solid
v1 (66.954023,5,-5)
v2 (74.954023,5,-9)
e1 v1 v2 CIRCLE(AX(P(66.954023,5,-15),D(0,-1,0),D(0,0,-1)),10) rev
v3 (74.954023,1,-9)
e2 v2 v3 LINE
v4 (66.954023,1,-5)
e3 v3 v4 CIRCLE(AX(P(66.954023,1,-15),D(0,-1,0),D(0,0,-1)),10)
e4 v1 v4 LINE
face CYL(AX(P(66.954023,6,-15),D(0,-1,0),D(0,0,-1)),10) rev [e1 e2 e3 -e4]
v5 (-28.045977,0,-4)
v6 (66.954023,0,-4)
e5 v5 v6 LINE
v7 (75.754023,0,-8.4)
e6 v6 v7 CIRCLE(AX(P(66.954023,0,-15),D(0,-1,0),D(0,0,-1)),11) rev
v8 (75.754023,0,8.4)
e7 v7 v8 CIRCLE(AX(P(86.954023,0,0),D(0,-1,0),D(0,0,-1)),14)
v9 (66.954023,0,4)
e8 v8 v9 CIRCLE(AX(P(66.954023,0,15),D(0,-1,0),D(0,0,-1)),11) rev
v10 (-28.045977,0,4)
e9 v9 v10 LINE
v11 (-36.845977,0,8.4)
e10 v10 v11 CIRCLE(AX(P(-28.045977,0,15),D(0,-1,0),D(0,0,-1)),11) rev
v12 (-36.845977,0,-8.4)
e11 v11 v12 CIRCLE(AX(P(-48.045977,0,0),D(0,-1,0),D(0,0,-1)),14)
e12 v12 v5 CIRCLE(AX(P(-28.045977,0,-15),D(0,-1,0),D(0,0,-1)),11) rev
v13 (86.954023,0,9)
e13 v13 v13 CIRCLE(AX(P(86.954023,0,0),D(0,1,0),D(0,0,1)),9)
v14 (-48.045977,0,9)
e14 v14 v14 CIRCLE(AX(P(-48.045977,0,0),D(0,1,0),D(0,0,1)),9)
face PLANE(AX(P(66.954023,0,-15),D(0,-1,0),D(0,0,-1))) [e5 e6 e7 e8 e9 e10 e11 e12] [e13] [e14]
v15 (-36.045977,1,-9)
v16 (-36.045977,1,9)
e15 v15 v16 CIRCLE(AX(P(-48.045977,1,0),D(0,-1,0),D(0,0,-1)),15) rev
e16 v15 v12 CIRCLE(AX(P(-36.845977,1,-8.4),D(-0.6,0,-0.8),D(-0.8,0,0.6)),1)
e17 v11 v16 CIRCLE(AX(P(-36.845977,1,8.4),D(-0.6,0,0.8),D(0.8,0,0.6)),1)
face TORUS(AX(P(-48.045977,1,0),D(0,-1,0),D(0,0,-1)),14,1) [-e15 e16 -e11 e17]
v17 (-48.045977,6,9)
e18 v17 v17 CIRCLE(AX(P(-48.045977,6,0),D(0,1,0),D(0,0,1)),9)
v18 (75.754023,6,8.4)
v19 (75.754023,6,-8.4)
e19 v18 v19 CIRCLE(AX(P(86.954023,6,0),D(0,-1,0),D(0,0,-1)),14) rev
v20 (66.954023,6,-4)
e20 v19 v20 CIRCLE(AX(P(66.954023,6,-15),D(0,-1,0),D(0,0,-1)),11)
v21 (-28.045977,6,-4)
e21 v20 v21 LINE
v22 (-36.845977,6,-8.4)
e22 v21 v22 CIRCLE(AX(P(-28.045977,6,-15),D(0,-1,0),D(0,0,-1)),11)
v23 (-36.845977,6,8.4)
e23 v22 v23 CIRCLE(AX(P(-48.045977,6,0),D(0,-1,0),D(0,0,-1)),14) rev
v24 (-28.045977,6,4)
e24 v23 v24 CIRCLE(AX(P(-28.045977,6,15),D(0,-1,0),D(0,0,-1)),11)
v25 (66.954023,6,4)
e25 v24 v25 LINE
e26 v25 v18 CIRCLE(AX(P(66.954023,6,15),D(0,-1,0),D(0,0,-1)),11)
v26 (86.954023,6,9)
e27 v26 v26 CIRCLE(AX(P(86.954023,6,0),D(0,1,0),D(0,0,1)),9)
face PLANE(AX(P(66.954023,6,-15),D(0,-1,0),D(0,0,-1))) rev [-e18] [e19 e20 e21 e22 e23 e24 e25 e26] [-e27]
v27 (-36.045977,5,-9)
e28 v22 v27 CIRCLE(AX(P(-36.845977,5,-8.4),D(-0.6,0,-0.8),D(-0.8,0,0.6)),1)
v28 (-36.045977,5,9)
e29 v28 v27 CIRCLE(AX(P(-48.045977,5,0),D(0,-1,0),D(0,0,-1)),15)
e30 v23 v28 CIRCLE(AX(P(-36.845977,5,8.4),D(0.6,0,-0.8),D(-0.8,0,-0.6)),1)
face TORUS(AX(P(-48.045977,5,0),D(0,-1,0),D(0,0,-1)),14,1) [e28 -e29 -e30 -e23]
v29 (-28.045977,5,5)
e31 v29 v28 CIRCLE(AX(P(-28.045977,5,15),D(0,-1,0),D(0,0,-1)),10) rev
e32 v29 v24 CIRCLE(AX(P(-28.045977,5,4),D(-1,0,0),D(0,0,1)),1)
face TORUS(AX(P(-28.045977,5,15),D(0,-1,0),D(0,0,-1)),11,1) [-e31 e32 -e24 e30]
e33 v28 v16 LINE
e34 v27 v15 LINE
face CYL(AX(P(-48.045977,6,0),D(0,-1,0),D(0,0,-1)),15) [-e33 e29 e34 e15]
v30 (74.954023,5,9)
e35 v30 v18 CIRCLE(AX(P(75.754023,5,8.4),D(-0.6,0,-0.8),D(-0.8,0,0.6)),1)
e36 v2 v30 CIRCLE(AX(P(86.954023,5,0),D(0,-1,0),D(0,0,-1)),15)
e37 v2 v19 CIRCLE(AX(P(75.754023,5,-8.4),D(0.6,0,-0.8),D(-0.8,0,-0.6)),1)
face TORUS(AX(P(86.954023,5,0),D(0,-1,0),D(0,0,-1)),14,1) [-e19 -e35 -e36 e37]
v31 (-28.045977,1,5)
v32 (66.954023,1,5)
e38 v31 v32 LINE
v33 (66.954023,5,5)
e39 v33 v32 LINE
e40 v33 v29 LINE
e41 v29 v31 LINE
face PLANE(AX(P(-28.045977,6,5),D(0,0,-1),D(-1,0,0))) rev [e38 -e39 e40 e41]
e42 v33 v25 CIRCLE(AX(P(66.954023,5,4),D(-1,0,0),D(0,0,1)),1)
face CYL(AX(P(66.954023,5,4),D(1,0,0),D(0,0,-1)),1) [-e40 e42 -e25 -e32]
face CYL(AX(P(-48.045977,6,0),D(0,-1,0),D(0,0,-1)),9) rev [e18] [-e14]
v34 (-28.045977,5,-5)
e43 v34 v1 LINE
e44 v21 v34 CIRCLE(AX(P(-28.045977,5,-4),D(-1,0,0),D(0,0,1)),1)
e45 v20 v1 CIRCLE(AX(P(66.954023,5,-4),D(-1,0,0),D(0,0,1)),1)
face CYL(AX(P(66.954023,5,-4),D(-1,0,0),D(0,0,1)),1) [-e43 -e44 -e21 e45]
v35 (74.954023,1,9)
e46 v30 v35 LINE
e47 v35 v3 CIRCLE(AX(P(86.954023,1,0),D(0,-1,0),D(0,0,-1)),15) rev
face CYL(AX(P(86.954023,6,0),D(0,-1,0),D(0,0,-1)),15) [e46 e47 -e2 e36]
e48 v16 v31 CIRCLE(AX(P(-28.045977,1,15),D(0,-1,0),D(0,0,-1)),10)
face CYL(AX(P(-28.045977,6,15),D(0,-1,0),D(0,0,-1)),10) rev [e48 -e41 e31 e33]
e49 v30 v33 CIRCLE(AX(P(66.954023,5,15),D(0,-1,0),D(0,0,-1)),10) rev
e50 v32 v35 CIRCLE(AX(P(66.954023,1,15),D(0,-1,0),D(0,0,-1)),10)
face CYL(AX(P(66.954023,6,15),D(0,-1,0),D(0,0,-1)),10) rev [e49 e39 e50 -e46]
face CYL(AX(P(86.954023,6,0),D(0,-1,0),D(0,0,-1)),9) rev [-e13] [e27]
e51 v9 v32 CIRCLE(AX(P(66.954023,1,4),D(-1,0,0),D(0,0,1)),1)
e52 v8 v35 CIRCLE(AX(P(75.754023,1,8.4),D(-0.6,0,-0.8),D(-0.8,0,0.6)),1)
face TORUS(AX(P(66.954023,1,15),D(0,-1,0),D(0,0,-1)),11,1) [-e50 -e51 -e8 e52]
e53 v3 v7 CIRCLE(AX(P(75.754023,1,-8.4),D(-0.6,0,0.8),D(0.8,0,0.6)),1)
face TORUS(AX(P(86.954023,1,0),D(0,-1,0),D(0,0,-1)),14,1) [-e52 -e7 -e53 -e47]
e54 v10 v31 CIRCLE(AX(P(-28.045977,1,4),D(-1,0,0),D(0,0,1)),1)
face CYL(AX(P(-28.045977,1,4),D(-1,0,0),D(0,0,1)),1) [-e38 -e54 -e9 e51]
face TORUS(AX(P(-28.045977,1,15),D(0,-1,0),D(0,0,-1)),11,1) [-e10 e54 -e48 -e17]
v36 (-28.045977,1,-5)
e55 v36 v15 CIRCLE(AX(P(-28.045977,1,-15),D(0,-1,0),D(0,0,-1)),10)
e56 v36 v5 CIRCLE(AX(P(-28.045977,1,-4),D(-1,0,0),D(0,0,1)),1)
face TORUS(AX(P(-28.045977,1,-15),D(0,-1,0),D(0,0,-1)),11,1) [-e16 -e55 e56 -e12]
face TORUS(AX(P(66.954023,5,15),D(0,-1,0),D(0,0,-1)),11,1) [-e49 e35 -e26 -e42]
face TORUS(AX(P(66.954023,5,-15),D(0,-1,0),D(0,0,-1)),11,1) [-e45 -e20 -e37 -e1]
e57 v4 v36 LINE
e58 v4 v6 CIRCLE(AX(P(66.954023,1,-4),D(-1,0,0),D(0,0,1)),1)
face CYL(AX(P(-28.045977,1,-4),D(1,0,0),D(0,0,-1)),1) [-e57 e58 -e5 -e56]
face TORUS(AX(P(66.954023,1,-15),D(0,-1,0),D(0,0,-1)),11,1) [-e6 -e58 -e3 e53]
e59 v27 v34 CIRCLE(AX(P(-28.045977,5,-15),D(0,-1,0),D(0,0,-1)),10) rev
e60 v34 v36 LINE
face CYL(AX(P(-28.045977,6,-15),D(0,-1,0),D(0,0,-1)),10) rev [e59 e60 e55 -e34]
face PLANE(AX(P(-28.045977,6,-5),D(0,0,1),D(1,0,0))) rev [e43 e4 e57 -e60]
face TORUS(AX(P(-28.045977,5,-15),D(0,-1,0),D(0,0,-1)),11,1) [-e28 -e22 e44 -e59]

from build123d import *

# Parameters (mm, degrees)
SKETCH1_R           = 9
BOSS_EXTRUDE1_DEPTH = 6
FILLET1_R           = 1


with BuildPart() as part:
    # Sketch1 → Boss-Extrude1 (new body)
    with BuildSketch(Plane(origin=(0, 0, 0), x_dir=(1, 0, 0), z_dir=(0, 1, 0))):
        with BuildLine():
            Line((-28.045977011, 5), (66.954022989, 5))
            ThreePointArc((66.954022989, 5), (71.426158944, 6.05572809), (74.954022989, 9))
            ThreePointArc((74.954022989, 9), (101.954022989, 0), (74.954022989, -9))
            ThreePointArc((74.954022989, -9), (71.426158944, -6.05572809), (66.954022989, -5))
            Line((66.954022989, -5), (-28.045977011, -5))
            ThreePointArc((-28.045977011, -5), (-32.518112966, -6.05572809), (-36.045977011, -9))
            ThreePointArc((-36.045977011, -9), (-63.045977011, 0), (-36.045977011, 9))
            ThreePointArc((-36.045977011, 9), (-32.518112966, 6.05572809), (-28.045977011, 5))
        make_face()
        with Locations(Location((-48.045977011, 0, 0), (0, 0, 270))):
            Circle(SKETCH1_R, mode=Mode.SUBTRACT)
        with Locations(Location((86.954022989, 0, 0), (0, 0, 270))):
            Circle(SKETCH1_R, mode=Mode.SUBTRACT)
    extrude(amount=BOSS_EXTRUDE1_DEPTH)

    # Fillet1
    fillet1_edges = [part.edges().sort_by_distance(p)[0] for p in [
        (-63.045977011, 0, 0),
        (-32.518112966, 0, -6.05572809),
        (19.454022989, 0, -5),
        (71.426158944, 0, -6.05572809),
        (-32.518112966, 6, -6.05572809),
        (-63.045977011, 6, 0),
        (-32.518112966, 6, 6.05572809),
        (19.454022989, 6, 5),
        (71.426158944, 6, 6.05572809),
        (101.954022989, 6, 0),
        (71.426158944, 6, -6.05572809),
        (101.954022989, 0, 0),
        (19.454022989, 6, -5),
        (71.426158944, 0, 6.05572809),
        (19.454022989, 0, 5),
        (-32.518112966, 0, 6.05572809),
    ]]
    fillet(fillet1_edges, radius=FILLET1_R)


solid = part.part
